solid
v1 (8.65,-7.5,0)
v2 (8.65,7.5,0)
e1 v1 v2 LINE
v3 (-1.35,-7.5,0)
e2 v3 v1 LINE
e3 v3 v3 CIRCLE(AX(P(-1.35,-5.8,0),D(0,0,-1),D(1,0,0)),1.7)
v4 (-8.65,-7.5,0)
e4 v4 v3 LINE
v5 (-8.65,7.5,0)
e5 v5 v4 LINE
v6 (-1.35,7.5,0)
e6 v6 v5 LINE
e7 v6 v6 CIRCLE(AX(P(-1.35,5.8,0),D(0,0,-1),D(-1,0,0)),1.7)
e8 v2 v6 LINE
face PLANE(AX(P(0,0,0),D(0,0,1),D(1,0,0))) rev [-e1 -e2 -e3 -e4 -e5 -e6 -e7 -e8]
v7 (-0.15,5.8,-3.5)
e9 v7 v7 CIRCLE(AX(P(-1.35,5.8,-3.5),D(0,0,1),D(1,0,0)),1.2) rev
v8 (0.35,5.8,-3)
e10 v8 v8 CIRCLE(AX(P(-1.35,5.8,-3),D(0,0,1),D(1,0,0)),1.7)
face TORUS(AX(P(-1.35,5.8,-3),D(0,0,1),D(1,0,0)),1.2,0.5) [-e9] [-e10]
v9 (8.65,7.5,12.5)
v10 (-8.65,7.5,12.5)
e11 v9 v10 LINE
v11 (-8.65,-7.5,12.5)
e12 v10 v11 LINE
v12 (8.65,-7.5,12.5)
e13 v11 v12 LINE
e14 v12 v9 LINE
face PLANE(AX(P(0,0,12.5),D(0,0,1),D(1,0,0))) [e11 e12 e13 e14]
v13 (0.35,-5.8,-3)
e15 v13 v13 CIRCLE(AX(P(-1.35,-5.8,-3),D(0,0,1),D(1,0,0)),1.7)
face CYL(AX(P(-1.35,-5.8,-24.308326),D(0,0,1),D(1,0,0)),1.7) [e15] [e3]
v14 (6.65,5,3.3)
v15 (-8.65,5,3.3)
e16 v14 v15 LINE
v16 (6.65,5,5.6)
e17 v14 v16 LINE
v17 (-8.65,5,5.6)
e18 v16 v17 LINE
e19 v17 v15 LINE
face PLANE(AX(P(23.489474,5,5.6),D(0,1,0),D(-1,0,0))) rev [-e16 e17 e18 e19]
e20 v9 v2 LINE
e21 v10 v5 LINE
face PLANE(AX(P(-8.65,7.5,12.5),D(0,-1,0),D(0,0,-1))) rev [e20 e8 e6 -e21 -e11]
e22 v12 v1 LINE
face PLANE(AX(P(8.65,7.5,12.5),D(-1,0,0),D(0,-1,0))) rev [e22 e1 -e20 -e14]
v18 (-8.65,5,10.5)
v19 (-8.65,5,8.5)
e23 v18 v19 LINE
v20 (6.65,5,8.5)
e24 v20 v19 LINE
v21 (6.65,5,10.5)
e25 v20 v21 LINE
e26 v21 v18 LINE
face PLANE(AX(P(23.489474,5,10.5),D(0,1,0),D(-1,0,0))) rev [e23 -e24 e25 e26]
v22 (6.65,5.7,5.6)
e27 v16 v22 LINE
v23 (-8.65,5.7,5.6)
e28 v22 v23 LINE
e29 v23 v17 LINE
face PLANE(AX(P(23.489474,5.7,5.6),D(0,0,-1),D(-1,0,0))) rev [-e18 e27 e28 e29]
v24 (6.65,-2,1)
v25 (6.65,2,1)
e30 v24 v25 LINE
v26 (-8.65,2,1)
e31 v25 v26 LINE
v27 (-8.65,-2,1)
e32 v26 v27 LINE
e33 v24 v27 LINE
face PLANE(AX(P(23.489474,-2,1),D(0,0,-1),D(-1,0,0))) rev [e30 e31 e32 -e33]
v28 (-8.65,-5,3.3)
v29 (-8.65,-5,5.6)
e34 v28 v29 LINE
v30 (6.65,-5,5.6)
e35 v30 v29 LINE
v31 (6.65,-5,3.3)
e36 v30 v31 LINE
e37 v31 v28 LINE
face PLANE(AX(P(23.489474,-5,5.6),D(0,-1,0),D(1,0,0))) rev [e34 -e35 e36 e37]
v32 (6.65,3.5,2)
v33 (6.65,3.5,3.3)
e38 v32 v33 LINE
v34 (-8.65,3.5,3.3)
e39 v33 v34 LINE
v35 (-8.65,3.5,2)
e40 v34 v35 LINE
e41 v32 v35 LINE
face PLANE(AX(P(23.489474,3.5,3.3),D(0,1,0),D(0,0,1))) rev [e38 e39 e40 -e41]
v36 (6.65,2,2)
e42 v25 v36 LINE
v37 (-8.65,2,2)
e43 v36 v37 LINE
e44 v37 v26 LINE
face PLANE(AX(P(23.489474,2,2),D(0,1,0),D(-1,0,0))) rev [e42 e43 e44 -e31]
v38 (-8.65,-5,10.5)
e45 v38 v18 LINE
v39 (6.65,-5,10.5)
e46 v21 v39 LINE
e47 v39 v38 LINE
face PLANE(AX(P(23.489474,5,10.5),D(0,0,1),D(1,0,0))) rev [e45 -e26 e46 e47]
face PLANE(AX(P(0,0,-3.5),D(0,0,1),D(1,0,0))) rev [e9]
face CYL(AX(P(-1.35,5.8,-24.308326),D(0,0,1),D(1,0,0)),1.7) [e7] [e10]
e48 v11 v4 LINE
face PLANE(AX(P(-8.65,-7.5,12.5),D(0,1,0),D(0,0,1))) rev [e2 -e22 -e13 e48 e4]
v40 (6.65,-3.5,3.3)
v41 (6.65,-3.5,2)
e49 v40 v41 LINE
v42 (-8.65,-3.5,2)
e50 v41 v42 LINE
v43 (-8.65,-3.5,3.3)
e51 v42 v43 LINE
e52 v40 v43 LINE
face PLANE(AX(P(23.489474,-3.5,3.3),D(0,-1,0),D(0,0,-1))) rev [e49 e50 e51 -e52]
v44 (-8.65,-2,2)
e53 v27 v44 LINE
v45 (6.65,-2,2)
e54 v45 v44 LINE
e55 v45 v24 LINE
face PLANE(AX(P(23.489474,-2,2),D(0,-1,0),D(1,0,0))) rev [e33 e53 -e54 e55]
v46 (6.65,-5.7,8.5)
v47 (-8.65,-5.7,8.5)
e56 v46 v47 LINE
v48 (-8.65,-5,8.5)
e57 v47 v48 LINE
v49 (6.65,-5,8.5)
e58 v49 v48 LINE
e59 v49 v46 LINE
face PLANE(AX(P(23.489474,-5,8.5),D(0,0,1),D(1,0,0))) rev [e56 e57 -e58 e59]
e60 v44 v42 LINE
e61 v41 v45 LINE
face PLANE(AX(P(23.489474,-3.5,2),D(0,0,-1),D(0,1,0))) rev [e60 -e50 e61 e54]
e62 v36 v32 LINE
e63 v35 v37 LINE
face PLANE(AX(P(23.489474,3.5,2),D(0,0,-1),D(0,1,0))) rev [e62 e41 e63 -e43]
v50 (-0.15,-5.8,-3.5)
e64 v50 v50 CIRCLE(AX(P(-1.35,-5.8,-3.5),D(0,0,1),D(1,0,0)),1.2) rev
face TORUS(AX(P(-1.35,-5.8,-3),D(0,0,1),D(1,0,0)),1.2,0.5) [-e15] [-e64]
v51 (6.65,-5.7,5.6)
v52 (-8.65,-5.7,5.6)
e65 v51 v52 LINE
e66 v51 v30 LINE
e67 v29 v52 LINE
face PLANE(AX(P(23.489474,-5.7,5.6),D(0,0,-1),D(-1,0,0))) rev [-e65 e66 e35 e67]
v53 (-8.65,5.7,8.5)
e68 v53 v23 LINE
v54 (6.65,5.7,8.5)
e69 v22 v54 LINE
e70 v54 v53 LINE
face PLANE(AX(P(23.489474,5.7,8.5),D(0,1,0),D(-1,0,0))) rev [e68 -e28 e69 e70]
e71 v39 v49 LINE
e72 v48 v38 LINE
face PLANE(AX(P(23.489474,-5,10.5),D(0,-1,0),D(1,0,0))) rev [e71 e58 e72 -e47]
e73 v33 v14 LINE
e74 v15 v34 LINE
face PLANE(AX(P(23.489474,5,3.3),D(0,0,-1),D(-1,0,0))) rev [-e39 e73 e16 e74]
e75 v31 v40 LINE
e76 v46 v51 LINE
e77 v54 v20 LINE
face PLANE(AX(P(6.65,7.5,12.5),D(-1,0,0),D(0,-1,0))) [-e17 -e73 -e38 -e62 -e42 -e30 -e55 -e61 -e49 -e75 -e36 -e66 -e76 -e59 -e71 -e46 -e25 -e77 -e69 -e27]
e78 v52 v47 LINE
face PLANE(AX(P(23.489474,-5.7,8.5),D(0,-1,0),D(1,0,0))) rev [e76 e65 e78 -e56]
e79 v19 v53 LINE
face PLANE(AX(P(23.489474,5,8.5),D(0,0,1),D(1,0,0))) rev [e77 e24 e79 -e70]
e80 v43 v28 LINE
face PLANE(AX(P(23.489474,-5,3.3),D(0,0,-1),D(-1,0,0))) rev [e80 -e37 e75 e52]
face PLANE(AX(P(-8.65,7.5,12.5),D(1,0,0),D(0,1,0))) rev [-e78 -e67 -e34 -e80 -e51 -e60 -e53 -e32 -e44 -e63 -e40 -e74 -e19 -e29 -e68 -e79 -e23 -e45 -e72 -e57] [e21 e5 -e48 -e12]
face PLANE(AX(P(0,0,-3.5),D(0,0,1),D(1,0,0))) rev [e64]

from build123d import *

# Parameters (mm, degrees)
SKETCH1_W           = 17.3
SKETCH1_H           = 15
BOSS_EXTRUDE1_DEPTH = 12.5
CUT_EXTRUDE1_DEPTH  = 15.3
SKETCH3_R           = 1.7
BOSS_EXTRUDE2_DEPTH = 3.5
FILLET1_R           = 0.5


with BuildPart() as part:
    # Sketch1 → Boss-Extrude1 (new body)
    with BuildSketch(Plane.XY):
        Rectangle(SKETCH1_W, SKETCH1_H)
    extrude(amount=BOSS_EXTRUDE1_DEPTH)

    # Sketch2 → Cut-Extrude1 (cut)
    with BuildSketch(Plane.ZY.offset(8.65)):
        Polygon((10.5, 5), (10.5, -5), (8.5, -5), (8.5, -5.7), (5.6, -5.7), (5.6, -5), (3.3, -5), (3.3, -3.5), (2, -3.5), (2, -2), (1, -2), (1, 2), (2, 2), (2, 3.5), (3.3, 3.5), (3.3, 5), (5.6, 5), (5.6, 5.7), (8.5, 5.7), (8.5, 5), align=None)
    extrude(amount=-CUT_EXTRUDE1_DEPTH, mode=Mode.SUBTRACT)

    # Sketch3 → Boss-Extrude2 (add)
    with BuildSketch(Plane(origin=(0, 0, 0), x_dir=(-1, 0, 0), z_dir=(0, 0, -1))):
        with Locations(Location((1.35, 5.8, 0), (0, 0, 180))):
            Circle(SKETCH3_R)
        with Locations(Location((1.35, -5.8, 0), (0, 0, 180))):
            Circle(SKETCH3_R)
    extrude(amount=BOSS_EXTRUDE2_DEPTH)

    # Fillet1
    fillet1_edges = [part.edges().sort_by_distance(p)[0] for p in [
        (-3.05, 5.8, -3.5),
        (-3.05, -5.8, -3.5),
    ]]
    fillet(fillet1_edges, radius=FILLET1_R)


solid = part.part
